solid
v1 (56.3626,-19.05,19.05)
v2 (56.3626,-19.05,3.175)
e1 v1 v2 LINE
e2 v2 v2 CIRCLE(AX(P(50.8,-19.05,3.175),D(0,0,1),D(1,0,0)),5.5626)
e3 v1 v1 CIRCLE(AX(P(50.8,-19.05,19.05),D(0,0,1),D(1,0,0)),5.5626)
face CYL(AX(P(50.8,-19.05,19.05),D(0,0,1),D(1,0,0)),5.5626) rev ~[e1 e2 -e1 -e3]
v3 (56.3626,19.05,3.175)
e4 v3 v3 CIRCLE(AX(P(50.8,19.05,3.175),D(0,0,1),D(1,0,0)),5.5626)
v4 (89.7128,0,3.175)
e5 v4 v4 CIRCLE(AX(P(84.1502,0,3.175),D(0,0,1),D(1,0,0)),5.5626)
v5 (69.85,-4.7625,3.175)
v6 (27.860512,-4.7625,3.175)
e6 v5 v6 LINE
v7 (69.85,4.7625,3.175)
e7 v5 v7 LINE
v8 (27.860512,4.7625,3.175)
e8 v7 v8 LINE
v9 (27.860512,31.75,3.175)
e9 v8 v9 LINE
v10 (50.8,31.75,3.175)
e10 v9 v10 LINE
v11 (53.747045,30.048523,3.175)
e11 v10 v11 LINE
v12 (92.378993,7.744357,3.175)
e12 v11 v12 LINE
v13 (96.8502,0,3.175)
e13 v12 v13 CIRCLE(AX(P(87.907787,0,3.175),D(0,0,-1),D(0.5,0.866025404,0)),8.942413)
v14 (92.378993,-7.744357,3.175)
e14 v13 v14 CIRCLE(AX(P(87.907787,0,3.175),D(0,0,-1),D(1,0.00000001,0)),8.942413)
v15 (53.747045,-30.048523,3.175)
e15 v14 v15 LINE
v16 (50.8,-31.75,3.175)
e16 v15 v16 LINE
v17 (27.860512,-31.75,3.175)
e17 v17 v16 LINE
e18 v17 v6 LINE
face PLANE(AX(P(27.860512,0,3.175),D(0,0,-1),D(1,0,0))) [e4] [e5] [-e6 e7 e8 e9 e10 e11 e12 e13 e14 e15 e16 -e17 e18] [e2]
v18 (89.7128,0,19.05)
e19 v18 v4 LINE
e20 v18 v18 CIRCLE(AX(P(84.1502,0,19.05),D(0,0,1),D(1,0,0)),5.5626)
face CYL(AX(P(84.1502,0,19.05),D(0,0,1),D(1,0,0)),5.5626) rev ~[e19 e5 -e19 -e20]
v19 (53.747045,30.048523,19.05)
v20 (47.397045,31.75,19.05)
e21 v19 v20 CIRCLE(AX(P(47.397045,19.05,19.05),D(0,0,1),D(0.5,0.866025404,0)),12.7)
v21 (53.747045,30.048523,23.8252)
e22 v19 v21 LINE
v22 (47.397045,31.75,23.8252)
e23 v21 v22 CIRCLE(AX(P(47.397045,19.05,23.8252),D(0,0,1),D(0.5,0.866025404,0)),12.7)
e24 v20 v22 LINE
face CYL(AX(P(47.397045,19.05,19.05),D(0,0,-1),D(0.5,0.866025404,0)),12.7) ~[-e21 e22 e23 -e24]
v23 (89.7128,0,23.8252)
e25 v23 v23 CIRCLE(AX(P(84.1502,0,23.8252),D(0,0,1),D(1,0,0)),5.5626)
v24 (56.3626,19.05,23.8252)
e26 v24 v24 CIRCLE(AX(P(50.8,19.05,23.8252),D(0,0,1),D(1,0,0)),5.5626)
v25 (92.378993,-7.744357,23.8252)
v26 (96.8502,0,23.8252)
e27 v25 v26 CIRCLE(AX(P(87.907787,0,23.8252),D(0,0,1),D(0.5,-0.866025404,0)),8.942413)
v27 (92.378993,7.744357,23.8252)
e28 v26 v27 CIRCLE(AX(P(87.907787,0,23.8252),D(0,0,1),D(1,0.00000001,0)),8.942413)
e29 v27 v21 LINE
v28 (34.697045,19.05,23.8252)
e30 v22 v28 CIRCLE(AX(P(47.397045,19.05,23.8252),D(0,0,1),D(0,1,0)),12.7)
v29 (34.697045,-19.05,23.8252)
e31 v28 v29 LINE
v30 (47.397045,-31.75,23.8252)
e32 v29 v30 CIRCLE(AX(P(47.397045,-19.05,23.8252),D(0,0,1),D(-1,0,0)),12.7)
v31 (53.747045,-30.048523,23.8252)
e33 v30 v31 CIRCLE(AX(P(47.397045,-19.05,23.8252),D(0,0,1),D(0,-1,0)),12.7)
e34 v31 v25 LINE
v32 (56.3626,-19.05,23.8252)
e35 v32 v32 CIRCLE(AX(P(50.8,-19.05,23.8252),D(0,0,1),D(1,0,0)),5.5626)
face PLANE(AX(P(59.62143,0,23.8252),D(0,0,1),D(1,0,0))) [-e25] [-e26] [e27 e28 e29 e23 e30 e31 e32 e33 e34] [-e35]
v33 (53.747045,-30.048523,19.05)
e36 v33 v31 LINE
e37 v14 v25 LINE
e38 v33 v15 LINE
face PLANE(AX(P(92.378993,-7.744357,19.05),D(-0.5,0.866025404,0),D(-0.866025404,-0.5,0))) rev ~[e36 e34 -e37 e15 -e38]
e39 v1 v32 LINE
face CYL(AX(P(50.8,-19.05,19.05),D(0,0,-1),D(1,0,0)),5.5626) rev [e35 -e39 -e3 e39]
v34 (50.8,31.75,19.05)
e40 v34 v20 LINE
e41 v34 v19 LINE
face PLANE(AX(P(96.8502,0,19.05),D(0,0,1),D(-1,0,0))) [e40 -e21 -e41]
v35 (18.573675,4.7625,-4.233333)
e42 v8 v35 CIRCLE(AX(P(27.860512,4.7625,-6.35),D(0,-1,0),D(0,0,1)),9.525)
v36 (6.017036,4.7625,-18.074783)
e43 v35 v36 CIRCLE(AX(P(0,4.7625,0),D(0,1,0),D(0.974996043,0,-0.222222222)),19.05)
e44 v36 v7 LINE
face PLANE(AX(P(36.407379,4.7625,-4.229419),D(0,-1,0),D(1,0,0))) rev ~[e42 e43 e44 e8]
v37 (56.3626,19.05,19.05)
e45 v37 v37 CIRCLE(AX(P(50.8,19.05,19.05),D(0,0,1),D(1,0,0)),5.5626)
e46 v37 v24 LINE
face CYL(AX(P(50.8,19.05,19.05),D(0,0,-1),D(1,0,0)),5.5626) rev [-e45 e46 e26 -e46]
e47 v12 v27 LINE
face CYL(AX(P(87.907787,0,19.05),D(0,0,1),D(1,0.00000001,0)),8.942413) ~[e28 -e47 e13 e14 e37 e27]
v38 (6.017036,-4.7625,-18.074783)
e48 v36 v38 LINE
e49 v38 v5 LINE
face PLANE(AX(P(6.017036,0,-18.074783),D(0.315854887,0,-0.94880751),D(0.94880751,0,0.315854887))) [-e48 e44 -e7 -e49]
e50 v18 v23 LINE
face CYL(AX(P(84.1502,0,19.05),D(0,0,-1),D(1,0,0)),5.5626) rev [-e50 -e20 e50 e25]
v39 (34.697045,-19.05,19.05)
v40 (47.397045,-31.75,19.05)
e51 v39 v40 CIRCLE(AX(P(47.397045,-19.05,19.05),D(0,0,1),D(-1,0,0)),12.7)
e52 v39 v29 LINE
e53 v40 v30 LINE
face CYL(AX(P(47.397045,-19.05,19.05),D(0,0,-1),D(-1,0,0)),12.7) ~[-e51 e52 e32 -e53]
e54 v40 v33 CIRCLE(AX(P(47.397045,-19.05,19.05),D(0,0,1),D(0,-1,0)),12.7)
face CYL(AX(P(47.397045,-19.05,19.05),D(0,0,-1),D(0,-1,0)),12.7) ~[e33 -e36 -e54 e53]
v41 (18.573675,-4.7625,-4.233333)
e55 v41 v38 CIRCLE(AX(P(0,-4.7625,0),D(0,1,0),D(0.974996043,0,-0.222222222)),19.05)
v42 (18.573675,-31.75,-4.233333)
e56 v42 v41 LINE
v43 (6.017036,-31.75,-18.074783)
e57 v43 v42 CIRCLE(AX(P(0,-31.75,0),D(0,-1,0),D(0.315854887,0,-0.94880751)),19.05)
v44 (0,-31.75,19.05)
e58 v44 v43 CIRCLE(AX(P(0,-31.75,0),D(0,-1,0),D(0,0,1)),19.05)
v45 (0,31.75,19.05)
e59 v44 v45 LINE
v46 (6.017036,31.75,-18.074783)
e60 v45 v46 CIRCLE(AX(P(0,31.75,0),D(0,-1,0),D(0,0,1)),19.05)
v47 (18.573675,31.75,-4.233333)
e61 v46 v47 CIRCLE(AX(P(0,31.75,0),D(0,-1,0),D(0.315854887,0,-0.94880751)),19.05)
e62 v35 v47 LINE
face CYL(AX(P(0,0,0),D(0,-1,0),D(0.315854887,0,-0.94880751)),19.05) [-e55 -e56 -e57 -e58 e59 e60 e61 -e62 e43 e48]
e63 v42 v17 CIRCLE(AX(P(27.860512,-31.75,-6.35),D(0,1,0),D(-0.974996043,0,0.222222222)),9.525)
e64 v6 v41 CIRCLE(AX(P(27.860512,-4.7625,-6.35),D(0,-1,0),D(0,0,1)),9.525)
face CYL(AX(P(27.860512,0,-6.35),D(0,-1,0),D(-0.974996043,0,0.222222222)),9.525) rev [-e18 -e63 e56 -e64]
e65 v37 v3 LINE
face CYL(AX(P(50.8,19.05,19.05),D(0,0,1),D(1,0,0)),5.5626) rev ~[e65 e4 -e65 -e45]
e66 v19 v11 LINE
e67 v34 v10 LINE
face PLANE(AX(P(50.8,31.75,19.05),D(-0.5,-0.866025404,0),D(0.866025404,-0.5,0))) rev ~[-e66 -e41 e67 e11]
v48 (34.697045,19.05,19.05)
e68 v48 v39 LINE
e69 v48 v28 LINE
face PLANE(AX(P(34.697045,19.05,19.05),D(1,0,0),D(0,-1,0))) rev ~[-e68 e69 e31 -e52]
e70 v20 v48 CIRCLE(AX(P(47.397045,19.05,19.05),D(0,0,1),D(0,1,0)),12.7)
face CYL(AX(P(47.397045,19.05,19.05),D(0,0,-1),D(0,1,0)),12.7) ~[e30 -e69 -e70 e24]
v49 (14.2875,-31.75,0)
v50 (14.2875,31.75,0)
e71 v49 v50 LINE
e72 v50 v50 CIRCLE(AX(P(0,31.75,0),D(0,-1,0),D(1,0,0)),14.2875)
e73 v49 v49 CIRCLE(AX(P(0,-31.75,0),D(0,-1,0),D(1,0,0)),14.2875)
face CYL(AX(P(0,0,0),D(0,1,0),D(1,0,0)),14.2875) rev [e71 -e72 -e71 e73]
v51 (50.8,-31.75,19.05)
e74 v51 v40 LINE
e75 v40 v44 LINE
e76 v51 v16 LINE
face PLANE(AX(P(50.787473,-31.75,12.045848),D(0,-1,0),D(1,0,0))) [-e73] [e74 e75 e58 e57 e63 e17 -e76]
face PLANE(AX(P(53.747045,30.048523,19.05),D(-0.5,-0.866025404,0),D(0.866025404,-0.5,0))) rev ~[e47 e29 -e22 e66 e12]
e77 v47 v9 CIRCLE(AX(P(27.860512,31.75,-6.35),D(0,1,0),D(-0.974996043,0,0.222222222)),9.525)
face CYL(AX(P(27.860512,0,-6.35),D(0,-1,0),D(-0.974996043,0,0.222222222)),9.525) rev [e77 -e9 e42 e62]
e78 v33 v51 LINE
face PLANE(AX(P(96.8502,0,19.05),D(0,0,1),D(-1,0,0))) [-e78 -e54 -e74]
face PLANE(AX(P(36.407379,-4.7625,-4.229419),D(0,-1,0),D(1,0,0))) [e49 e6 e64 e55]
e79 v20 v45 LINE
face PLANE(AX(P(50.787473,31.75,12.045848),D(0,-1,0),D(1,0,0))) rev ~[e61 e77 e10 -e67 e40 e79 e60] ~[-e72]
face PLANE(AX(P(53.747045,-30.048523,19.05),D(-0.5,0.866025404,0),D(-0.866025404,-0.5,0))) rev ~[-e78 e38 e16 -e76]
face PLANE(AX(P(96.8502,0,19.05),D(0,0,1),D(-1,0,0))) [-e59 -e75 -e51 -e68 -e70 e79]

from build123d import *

# Parameters (mm, degrees)
F0_R     = 14.2875
F1_DEPTH = 31.75
F2_DEPTH = 4.7625
F3_R     = 5.5626
F4_DEPTH = 4.7752
F5_DEPTH = 15.875
F6_DEPTH = 15.875


with BuildPart() as f1:
    # F0 (on Front) → F1 (new body, symmetric)
    with BuildSketch(Plane.XZ):
        with BuildLine():
            ThreePointArc((0, 19.05), (12.2967221242, 14.5496778315), (18.7835533113, 3.175))
            Line((18.7835533113, 3.175), (27.86051193, 3.175))
            Line((27.86051193, 3.175), (69.85, 3.175))
            Line((69.85, 3.175), (96.8502, 3.175))
            Line((96.8502, 3.175), (96.8502, 19.05))
            Line((96.8502, 19.05), (0, 19.05))
        make_face()
        with BuildLine():
            ThreePointArc((18.57367462, -4.2333333333), (18.930544122, -2.1300232967), (19.05, 0))
            ThreePointArc((19.05, 0), (18.9832714591, 1.5930802583), (18.7835533113, 3.175))
            ThreePointArc((18.7835533113, 3.175), (12.2967221242, 14.5496778315), (0, 19.05))
            ThreePointArc((0, 19.05), (-18.8046153549, -3.0477764606), (6.0170355936, -18.07478306))
            ThreePointArc((6.0170355936, -18.07478306), (14.1092944486, -12.7996214852), (18.57367462, -4.2333333333))
        make_face()
        Circle(F0_R, mode=Mode.SUBTRACT)
        with BuildLine():
            ThreePointArc((18.7835533113, 3.175), (18.9832714591, 1.5930802583), (19.05, 0))
            ThreePointArc((19.05, 0), (18.930544122, -2.1300232967), (18.57367462, -4.2333333333))
            ThreePointArc((18.57367462, -4.2333333333), (21.9206308285, 1.0960350187), (27.86051193, 3.175))
            Line((27.86051193, 3.175), (18.7835533113, 3.175))
        make_face()
    extrude(amount=F1_DEPTH, both=True)

    # F0 (on Front) → F2 (join, symmetric)
    with BuildSketch(Plane.XZ):
        with BuildLine():
            ThreePointArc((27.86051193, 3.175), (21.9206308285, 1.0960350187), (18.57367462, -4.2333333333))
            ThreePointArc((18.57367462, -4.2333333333), (14.1092944486, -12.7996214852), (6.0170355936, -18.07478306))
            Line((6.0170355936, -18.07478306), (69.85, 3.175))
            Line((69.85, 3.175), (27.86051193, 3.175))
        make_face()
    extrude(amount=F2_DEPTH, both=True)

    # F3 (on face) → F4 (join)
    with BuildSketch(Plane.XY.offset(19.05)):
        with BuildLine():
            ThreePointArc((47.3970452561, -31.75), (50.6840471289, -31.3172579939), (53.7470452561, -30.0485226281))
            Line((53.7470452561, -30.0485226281), (92.3789934298, -7.7443569506))
            ThreePointArc((92.3789934298, -7.7443569506), (95.652143832, -4.4712065327), (96.8502, 8.65e-08))
            ThreePointArc((96.8502, 8.65e-08), (95.6521437887, 4.4712066076), (92.3789934298, 7.7443569506))
            Line((92.3789934298, 7.7443569506), (53.7470452561, 30.0485226281))
            ThreePointArc((53.7470452561, 30.0485226281), (50.6840471289, 31.3172579939), (47.3970452561, 31.75))
            ThreePointArc((47.3970452561, 31.75), (38.4167891351, 28.0302561211), (34.6970452561, 19.05))
            Line((34.6970452561, 19.05), (34.6970452561, -19.05))
            ThreePointArc((34.6970452561, -19.05), (38.4167891351, -28.0302561211), (47.3970452561, -31.75))
        make_face()
        with Locations((50.8, -19.05)):
            Circle(F3_R, mode=Mode.SUBTRACT)
        with Locations((84.1502, 0)):
            Circle(F3_R, mode=Mode.SUBTRACT)
        with Locations((50.8, 19.05)):
            Circle(F3_R, mode=Mode.SUBTRACT)
    extrude(amount=F4_DEPTH)

    # F3 (on face) → F5 (cut, through all)
    with BuildSketch(Plane.XY.offset(19.05)):
        Polygon((53.7470452561, -30.0485226281), (50.8, -31.75), (96.8502, -31.75), (96.8502, -5.1629046338), (92.3789934298, -7.7443569506), align=None)
        Polygon((53.7470452561, 30.0485226281), (92.3789934298, 7.7443569506), (96.8502, 5.1629046338), (96.8502, 31.75), (50.8, 31.75), align=None)
        with BuildLine():
            ThreePointArc((92.3789934298, 7.7443569506), (95.6521437887, 4.4712066076), (96.8502, 8.65e-08))
            Line((96.8502, 8.65e-08), (96.8502, 5.1629046338))
            Line((96.8502, 5.1629046338), (92.3789934298, 7.7443569506))
        make_face()
        with BuildLine():
            ThreePointArc((96.8502, 8.65e-08), (95.652143832, -4.4712065327), (92.3789934298, -7.7443569506))
            Line((92.3789934298, -7.7443569506), (96.8502, -5.1629046338))
            Line((96.8502, -5.1629046338), (96.8502, 8.65e-08))
        make_face()
    extrude(amount=-F5_DEPTH, mode=Mode.SUBTRACT)

    # F3 (on face) → F6 (cut, through all)
    with BuildSketch(Plane.XY.offset(19.05)):
        with Locations((84.1502, 0)):
            Circle(F3_R)
        with Locations((50.8, 19.05)):
            Circle(F3_R)
        with Locations((50.8, -19.05)):
            Circle(F3_R)
    extrude(amount=-F6_DEPTH, mode=Mode.SUBTRACT)


solid = f1.part
